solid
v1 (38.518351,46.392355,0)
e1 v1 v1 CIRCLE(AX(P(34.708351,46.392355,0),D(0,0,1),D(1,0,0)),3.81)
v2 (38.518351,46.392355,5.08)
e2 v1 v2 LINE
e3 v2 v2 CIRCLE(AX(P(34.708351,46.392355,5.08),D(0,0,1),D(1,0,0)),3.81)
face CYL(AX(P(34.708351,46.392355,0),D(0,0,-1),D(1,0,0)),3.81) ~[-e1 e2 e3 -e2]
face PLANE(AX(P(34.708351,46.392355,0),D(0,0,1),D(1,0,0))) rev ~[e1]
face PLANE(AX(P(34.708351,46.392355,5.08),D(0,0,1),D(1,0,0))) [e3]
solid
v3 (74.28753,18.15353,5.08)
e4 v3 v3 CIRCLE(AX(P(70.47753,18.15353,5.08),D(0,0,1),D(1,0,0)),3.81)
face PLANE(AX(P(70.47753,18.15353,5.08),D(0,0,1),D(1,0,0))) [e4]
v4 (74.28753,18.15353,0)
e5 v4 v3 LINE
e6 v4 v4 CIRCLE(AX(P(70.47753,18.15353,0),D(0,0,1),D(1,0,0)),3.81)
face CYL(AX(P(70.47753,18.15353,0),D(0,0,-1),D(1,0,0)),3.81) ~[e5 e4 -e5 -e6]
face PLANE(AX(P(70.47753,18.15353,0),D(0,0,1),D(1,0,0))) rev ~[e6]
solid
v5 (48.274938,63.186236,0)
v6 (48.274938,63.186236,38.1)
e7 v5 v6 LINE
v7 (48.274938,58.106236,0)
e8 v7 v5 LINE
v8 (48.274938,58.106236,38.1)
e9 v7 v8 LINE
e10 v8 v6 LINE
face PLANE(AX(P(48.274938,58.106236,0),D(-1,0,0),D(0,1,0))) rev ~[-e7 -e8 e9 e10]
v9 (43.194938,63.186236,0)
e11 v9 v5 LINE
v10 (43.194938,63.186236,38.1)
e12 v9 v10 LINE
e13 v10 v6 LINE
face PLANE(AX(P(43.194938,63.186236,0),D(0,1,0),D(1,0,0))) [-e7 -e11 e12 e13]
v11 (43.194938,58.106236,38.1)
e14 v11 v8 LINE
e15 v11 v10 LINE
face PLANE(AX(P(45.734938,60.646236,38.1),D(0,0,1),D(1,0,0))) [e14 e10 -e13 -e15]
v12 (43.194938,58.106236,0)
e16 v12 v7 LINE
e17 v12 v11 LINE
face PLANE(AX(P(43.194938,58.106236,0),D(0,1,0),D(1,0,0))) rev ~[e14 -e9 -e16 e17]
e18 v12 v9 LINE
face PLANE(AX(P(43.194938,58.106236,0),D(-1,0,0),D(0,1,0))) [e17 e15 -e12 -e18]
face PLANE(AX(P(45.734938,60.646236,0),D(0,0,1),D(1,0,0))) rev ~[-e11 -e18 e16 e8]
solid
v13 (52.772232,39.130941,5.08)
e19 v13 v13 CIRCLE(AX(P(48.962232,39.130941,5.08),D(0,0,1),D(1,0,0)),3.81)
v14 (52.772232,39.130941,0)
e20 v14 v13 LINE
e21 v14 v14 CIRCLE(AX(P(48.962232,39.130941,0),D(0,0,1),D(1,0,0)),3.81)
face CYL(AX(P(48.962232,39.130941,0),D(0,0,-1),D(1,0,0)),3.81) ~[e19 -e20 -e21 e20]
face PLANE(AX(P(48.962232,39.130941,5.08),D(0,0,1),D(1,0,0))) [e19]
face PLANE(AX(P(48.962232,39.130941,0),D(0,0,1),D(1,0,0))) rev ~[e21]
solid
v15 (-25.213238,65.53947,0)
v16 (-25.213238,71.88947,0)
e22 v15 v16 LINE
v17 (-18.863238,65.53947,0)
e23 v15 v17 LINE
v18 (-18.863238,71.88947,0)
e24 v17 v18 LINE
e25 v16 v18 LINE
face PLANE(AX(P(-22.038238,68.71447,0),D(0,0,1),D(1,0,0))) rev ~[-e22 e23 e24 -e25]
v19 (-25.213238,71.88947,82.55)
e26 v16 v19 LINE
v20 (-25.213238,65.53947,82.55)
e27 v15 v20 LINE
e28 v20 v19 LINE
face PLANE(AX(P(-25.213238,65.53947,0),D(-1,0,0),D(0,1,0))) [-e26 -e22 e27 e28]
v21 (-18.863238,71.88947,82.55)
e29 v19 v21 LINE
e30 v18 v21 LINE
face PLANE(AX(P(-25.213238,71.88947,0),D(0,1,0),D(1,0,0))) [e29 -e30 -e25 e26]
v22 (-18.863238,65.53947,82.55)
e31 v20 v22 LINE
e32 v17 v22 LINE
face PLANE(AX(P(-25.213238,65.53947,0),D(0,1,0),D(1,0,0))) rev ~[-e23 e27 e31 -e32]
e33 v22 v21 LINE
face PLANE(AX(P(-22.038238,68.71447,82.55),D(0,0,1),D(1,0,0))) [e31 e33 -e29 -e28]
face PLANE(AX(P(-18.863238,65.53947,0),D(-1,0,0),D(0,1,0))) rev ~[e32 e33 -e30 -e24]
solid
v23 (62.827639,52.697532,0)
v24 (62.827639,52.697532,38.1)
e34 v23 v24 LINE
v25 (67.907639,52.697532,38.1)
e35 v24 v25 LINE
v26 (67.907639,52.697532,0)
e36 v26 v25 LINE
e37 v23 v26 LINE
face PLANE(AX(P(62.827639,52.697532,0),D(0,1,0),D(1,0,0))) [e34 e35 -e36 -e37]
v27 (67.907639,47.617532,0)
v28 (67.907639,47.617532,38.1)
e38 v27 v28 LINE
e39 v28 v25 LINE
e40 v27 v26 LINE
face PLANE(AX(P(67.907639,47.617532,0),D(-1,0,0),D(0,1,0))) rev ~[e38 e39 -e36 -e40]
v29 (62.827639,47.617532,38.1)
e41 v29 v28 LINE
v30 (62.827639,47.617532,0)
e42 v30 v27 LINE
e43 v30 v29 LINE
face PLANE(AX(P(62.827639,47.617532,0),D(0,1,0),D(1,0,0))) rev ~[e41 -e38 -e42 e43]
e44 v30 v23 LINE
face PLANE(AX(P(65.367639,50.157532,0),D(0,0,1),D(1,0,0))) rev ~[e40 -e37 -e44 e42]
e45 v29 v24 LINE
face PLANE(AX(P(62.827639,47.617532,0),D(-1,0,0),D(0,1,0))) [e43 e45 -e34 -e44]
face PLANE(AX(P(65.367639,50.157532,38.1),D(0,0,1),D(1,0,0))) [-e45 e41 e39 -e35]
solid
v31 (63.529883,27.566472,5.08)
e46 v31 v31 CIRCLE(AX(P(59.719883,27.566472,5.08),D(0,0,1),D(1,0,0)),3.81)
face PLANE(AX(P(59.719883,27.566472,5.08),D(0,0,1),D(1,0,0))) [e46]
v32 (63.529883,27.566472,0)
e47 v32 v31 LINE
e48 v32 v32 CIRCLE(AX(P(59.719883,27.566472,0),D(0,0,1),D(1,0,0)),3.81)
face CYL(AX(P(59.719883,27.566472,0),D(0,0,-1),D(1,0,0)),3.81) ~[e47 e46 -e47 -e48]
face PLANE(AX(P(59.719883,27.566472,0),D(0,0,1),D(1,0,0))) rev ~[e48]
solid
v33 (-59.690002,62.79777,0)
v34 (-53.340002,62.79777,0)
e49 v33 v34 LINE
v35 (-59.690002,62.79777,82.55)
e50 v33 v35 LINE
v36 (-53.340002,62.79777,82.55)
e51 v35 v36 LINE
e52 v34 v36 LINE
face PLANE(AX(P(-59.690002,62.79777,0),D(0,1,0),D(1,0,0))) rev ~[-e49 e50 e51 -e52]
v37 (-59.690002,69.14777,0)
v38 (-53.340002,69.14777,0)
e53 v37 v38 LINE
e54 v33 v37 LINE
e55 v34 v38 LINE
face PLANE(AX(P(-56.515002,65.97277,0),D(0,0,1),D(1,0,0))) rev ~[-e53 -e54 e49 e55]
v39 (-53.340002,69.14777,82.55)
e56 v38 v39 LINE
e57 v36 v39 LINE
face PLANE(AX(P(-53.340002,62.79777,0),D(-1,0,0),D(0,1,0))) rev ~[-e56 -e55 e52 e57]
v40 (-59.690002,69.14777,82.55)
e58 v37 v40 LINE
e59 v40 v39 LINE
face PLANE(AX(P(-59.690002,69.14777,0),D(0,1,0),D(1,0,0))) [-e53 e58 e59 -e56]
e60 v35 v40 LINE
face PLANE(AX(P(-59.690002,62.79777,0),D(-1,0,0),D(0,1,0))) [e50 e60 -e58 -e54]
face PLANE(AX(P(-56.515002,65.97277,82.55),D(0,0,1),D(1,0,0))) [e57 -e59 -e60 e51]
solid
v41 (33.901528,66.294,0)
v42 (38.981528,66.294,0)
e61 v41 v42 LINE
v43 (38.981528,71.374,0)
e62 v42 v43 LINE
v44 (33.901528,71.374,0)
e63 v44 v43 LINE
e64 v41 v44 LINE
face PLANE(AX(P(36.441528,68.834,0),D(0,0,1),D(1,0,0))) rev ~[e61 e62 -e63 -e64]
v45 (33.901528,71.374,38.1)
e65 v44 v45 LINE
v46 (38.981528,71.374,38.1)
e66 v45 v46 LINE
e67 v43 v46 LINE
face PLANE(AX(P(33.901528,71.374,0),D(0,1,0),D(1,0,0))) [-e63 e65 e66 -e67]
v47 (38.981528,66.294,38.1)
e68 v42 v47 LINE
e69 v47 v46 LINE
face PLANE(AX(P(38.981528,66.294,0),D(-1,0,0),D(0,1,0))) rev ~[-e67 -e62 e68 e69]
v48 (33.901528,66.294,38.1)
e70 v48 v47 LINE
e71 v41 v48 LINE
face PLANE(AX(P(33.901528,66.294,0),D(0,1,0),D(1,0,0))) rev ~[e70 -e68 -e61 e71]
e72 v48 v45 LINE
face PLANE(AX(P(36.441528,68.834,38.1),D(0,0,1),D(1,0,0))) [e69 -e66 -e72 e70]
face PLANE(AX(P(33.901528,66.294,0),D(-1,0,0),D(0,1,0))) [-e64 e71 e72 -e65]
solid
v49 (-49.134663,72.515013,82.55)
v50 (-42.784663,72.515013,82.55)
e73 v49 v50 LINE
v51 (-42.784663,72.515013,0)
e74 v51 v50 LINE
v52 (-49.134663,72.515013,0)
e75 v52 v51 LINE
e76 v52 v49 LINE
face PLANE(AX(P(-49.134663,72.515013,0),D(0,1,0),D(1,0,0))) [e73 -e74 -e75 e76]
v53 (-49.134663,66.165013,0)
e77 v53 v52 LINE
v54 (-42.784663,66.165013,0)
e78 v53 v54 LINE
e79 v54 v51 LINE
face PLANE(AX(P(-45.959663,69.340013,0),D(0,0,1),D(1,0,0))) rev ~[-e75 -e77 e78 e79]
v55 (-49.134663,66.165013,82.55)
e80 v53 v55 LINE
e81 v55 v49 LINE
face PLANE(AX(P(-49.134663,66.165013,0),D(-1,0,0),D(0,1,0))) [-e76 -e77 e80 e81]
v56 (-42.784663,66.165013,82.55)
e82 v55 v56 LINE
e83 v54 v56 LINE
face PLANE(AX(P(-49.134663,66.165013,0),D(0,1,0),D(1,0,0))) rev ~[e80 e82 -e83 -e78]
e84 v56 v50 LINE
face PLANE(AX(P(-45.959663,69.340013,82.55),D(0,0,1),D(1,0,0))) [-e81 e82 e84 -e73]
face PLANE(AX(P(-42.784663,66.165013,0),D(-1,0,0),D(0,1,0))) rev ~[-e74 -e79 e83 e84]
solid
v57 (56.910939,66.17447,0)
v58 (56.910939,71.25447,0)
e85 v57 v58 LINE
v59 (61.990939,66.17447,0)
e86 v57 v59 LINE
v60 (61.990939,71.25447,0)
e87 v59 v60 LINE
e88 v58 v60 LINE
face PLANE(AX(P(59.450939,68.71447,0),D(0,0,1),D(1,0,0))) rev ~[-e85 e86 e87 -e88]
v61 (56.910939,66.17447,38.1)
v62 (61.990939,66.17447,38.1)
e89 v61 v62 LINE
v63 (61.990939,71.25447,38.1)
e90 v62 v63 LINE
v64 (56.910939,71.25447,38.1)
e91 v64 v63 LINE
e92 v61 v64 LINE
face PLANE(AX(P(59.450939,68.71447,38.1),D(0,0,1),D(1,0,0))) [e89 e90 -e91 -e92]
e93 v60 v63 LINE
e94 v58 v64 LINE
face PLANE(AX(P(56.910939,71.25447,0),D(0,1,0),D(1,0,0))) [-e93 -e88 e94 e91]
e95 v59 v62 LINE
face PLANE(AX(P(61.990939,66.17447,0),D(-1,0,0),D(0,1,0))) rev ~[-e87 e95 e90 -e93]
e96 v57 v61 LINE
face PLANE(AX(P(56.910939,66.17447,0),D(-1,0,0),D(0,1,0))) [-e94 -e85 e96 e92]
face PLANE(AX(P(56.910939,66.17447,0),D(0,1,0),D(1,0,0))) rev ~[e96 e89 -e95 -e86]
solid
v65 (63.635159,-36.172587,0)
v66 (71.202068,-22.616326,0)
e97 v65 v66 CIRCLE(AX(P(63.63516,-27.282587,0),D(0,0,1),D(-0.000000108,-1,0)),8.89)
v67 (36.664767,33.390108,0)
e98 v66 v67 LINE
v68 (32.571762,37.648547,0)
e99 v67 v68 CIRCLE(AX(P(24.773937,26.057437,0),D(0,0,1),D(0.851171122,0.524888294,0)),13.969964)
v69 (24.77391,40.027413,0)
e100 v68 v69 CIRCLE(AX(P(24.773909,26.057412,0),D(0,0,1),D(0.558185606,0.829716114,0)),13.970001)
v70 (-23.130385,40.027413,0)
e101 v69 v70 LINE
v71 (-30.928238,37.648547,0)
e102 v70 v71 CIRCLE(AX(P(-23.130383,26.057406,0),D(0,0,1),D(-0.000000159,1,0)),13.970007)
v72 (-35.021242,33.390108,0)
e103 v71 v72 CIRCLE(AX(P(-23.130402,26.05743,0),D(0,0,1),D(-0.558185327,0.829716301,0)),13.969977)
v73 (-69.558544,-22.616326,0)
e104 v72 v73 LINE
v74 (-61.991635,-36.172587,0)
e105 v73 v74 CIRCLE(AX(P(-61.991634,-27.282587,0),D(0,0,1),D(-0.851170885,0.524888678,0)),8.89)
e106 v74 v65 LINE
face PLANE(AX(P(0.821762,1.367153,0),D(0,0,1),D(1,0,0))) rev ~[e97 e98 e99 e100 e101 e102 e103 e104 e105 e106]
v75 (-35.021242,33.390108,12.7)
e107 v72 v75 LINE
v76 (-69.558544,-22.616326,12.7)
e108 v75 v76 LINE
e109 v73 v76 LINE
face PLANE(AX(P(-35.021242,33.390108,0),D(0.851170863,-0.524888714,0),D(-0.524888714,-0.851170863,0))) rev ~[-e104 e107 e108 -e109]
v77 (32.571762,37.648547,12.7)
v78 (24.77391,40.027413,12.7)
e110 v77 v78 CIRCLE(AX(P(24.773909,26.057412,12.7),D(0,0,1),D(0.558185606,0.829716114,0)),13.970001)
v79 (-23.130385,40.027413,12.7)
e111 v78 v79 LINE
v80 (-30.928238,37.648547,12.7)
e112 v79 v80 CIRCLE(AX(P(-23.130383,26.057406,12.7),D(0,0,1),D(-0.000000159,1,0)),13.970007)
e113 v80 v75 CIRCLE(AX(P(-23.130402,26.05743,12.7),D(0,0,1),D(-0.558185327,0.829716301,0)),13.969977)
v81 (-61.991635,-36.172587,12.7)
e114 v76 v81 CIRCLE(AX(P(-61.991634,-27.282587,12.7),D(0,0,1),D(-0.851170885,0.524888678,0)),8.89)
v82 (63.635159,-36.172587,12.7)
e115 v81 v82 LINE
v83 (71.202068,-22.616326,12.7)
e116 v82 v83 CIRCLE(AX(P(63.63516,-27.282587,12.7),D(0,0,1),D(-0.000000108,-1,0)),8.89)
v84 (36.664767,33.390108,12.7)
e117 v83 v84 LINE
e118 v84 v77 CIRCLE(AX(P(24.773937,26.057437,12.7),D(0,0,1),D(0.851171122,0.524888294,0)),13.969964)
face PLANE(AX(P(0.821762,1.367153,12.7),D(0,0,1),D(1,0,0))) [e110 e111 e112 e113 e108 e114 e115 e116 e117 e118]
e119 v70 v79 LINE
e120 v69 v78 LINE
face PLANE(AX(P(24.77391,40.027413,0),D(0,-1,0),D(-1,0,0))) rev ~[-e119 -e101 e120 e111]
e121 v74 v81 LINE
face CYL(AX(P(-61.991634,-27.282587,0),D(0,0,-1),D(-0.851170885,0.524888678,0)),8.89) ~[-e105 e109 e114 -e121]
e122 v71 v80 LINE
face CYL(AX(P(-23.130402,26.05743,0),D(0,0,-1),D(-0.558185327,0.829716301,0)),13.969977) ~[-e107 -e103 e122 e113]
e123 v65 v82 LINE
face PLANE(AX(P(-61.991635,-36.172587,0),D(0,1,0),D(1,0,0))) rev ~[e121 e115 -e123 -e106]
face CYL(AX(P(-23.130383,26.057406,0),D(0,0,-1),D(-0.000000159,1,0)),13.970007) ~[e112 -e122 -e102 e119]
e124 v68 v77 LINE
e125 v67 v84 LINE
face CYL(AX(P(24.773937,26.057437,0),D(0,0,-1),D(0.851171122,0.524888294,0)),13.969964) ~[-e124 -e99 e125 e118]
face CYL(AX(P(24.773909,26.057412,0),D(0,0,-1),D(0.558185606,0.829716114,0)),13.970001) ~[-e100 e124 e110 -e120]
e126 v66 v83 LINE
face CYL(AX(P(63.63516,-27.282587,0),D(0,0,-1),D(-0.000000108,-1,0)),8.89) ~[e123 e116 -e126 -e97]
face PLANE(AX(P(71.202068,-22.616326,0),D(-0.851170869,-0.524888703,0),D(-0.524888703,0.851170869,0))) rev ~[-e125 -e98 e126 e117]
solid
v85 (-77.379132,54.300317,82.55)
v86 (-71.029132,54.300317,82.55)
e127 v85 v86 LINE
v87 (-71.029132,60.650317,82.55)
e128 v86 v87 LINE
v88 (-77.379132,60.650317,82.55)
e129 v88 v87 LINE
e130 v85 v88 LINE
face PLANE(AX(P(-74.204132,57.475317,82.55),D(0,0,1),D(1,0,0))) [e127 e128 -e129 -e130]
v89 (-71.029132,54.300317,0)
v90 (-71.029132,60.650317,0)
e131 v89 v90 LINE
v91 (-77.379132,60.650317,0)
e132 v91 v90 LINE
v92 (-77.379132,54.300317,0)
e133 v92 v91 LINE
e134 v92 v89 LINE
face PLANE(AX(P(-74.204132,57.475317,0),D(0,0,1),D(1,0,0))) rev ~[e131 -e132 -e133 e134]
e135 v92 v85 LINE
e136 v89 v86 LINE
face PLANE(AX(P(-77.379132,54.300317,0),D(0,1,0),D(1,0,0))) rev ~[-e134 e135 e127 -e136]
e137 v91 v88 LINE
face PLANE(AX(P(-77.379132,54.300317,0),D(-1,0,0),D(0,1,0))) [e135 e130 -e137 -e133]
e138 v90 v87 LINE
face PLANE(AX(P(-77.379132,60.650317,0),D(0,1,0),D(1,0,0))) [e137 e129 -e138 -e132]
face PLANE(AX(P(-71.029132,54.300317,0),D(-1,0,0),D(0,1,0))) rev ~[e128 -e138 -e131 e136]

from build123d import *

# Parameters (mm, degrees)
F1_DEPTH = 12.7
F2_W     = 6.35
F2_H     = 6.35
F3_DEPTH = 82.55
F4_W     = 5.08
F4_H     = 5.08
F5_DEPTH = 38.1
F6_R     = 3.81
F7_DEPTH = 5.08


with BuildPart() as f1:
    # F0 (on Top) → F1 (new body)
    with BuildSketch(Plane.XY):
        with BuildLine():
            Line((24.77391, 40.027413), (-23.130385, 40.027413))
            ThreePointArc((-23.130385, 40.027413), (-27.206704, 39.419468), (-30.928238, 37.648547))
            Line((-30.928238, 37.648547), (-30.928238, -36.172587))
            Line((-30.928238, -36.172587), (32.571762, -36.172587))
            Line((32.571762, -36.172587), (32.571762, 37.648547))
            ThreePointArc((32.571762, 37.648547), (28.850229, 39.419468), (24.77391, 40.027413))
        make_face()
        with BuildLine():
            Line((-30.928238, -36.172587), (-30.928238, 37.648547))
            ThreePointArc((-30.928238, 37.648547), (-33.202371, 35.738116), (-35.021242, 33.390108))
            Line((-35.021242, 33.390108), (-69.558544, -22.616326))
            ThreePointArc((-69.558544, -22.616326), (-69.75421, -31.615545), (-61.991635, -36.172587))
            Line((-61.991635, -36.172587), (-30.928238, -36.172587))
        make_face()
        with BuildLine():
            ThreePointArc((36.664767, 33.390108), (34.845896, 35.738116), (32.571762, 37.648547))
            Line((32.571762, 37.648547), (32.571762, -36.172587))
            Line((32.571762, -36.172587), (63.635159, -36.172587))
            ThreePointArc((63.635159, -36.172587), (71.397735, -31.615545), (71.202068, -22.616326))
            Line((71.202068, -22.616326), (36.664767, 33.390108))
        make_face()
    extrude(amount=F1_DEPTH)


with BuildPart() as f3:
    # F2 (on Top) → F3 (new body)
    with BuildSketch(Plane.XY):
        with Locations((-56.515002, 65.97277)):
            Rectangle(F2_W, F2_H)
        with Locations((-45.959663, 69.340013)):
            Rectangle(F2_W, F2_H)
        with Locations((-74.204132, 57.475317)):
            Rectangle(F2_W, F2_H)
        with Locations((-22.038238, 68.71447)):
            Rectangle(F2_W, F2_H)
    extrude(amount=F3_DEPTH)


with BuildPart() as f5:
    # F4 (on Top) → F5 (new body)
    with BuildSketch(Plane.XY):
        with Locations((36.441528, 68.834)):
            Rectangle(F4_W, F4_H)
        with Locations((59.450939, 68.71447)):
            Rectangle(F4_W, F4_H)
        with Locations((45.734938, 60.646236)):
            Rectangle(F4_W, F4_H)
        with Locations((65.367639, 50.157532)):
            Rectangle(F4_W, F4_H)
    extrude(amount=F5_DEPTH)


with BuildPart() as f7:
    # F6 (on Top) → F7 (new body)
    with BuildSketch(Plane.XY):
        with Locations((34.708351, 46.392355)):
            Circle(F6_R)
        with Locations((48.962232, 39.130941)):
            Circle(F6_R)
        with Locations((59.719883, 27.566472)):
            Circle(F6_R)
        with Locations((70.47753, 18.15353)):
            Circle(F6_R)
    extrude(amount=F7_DEPTH)


solid = Compound([f1.part, f3.part, f5.part, f7.part])
